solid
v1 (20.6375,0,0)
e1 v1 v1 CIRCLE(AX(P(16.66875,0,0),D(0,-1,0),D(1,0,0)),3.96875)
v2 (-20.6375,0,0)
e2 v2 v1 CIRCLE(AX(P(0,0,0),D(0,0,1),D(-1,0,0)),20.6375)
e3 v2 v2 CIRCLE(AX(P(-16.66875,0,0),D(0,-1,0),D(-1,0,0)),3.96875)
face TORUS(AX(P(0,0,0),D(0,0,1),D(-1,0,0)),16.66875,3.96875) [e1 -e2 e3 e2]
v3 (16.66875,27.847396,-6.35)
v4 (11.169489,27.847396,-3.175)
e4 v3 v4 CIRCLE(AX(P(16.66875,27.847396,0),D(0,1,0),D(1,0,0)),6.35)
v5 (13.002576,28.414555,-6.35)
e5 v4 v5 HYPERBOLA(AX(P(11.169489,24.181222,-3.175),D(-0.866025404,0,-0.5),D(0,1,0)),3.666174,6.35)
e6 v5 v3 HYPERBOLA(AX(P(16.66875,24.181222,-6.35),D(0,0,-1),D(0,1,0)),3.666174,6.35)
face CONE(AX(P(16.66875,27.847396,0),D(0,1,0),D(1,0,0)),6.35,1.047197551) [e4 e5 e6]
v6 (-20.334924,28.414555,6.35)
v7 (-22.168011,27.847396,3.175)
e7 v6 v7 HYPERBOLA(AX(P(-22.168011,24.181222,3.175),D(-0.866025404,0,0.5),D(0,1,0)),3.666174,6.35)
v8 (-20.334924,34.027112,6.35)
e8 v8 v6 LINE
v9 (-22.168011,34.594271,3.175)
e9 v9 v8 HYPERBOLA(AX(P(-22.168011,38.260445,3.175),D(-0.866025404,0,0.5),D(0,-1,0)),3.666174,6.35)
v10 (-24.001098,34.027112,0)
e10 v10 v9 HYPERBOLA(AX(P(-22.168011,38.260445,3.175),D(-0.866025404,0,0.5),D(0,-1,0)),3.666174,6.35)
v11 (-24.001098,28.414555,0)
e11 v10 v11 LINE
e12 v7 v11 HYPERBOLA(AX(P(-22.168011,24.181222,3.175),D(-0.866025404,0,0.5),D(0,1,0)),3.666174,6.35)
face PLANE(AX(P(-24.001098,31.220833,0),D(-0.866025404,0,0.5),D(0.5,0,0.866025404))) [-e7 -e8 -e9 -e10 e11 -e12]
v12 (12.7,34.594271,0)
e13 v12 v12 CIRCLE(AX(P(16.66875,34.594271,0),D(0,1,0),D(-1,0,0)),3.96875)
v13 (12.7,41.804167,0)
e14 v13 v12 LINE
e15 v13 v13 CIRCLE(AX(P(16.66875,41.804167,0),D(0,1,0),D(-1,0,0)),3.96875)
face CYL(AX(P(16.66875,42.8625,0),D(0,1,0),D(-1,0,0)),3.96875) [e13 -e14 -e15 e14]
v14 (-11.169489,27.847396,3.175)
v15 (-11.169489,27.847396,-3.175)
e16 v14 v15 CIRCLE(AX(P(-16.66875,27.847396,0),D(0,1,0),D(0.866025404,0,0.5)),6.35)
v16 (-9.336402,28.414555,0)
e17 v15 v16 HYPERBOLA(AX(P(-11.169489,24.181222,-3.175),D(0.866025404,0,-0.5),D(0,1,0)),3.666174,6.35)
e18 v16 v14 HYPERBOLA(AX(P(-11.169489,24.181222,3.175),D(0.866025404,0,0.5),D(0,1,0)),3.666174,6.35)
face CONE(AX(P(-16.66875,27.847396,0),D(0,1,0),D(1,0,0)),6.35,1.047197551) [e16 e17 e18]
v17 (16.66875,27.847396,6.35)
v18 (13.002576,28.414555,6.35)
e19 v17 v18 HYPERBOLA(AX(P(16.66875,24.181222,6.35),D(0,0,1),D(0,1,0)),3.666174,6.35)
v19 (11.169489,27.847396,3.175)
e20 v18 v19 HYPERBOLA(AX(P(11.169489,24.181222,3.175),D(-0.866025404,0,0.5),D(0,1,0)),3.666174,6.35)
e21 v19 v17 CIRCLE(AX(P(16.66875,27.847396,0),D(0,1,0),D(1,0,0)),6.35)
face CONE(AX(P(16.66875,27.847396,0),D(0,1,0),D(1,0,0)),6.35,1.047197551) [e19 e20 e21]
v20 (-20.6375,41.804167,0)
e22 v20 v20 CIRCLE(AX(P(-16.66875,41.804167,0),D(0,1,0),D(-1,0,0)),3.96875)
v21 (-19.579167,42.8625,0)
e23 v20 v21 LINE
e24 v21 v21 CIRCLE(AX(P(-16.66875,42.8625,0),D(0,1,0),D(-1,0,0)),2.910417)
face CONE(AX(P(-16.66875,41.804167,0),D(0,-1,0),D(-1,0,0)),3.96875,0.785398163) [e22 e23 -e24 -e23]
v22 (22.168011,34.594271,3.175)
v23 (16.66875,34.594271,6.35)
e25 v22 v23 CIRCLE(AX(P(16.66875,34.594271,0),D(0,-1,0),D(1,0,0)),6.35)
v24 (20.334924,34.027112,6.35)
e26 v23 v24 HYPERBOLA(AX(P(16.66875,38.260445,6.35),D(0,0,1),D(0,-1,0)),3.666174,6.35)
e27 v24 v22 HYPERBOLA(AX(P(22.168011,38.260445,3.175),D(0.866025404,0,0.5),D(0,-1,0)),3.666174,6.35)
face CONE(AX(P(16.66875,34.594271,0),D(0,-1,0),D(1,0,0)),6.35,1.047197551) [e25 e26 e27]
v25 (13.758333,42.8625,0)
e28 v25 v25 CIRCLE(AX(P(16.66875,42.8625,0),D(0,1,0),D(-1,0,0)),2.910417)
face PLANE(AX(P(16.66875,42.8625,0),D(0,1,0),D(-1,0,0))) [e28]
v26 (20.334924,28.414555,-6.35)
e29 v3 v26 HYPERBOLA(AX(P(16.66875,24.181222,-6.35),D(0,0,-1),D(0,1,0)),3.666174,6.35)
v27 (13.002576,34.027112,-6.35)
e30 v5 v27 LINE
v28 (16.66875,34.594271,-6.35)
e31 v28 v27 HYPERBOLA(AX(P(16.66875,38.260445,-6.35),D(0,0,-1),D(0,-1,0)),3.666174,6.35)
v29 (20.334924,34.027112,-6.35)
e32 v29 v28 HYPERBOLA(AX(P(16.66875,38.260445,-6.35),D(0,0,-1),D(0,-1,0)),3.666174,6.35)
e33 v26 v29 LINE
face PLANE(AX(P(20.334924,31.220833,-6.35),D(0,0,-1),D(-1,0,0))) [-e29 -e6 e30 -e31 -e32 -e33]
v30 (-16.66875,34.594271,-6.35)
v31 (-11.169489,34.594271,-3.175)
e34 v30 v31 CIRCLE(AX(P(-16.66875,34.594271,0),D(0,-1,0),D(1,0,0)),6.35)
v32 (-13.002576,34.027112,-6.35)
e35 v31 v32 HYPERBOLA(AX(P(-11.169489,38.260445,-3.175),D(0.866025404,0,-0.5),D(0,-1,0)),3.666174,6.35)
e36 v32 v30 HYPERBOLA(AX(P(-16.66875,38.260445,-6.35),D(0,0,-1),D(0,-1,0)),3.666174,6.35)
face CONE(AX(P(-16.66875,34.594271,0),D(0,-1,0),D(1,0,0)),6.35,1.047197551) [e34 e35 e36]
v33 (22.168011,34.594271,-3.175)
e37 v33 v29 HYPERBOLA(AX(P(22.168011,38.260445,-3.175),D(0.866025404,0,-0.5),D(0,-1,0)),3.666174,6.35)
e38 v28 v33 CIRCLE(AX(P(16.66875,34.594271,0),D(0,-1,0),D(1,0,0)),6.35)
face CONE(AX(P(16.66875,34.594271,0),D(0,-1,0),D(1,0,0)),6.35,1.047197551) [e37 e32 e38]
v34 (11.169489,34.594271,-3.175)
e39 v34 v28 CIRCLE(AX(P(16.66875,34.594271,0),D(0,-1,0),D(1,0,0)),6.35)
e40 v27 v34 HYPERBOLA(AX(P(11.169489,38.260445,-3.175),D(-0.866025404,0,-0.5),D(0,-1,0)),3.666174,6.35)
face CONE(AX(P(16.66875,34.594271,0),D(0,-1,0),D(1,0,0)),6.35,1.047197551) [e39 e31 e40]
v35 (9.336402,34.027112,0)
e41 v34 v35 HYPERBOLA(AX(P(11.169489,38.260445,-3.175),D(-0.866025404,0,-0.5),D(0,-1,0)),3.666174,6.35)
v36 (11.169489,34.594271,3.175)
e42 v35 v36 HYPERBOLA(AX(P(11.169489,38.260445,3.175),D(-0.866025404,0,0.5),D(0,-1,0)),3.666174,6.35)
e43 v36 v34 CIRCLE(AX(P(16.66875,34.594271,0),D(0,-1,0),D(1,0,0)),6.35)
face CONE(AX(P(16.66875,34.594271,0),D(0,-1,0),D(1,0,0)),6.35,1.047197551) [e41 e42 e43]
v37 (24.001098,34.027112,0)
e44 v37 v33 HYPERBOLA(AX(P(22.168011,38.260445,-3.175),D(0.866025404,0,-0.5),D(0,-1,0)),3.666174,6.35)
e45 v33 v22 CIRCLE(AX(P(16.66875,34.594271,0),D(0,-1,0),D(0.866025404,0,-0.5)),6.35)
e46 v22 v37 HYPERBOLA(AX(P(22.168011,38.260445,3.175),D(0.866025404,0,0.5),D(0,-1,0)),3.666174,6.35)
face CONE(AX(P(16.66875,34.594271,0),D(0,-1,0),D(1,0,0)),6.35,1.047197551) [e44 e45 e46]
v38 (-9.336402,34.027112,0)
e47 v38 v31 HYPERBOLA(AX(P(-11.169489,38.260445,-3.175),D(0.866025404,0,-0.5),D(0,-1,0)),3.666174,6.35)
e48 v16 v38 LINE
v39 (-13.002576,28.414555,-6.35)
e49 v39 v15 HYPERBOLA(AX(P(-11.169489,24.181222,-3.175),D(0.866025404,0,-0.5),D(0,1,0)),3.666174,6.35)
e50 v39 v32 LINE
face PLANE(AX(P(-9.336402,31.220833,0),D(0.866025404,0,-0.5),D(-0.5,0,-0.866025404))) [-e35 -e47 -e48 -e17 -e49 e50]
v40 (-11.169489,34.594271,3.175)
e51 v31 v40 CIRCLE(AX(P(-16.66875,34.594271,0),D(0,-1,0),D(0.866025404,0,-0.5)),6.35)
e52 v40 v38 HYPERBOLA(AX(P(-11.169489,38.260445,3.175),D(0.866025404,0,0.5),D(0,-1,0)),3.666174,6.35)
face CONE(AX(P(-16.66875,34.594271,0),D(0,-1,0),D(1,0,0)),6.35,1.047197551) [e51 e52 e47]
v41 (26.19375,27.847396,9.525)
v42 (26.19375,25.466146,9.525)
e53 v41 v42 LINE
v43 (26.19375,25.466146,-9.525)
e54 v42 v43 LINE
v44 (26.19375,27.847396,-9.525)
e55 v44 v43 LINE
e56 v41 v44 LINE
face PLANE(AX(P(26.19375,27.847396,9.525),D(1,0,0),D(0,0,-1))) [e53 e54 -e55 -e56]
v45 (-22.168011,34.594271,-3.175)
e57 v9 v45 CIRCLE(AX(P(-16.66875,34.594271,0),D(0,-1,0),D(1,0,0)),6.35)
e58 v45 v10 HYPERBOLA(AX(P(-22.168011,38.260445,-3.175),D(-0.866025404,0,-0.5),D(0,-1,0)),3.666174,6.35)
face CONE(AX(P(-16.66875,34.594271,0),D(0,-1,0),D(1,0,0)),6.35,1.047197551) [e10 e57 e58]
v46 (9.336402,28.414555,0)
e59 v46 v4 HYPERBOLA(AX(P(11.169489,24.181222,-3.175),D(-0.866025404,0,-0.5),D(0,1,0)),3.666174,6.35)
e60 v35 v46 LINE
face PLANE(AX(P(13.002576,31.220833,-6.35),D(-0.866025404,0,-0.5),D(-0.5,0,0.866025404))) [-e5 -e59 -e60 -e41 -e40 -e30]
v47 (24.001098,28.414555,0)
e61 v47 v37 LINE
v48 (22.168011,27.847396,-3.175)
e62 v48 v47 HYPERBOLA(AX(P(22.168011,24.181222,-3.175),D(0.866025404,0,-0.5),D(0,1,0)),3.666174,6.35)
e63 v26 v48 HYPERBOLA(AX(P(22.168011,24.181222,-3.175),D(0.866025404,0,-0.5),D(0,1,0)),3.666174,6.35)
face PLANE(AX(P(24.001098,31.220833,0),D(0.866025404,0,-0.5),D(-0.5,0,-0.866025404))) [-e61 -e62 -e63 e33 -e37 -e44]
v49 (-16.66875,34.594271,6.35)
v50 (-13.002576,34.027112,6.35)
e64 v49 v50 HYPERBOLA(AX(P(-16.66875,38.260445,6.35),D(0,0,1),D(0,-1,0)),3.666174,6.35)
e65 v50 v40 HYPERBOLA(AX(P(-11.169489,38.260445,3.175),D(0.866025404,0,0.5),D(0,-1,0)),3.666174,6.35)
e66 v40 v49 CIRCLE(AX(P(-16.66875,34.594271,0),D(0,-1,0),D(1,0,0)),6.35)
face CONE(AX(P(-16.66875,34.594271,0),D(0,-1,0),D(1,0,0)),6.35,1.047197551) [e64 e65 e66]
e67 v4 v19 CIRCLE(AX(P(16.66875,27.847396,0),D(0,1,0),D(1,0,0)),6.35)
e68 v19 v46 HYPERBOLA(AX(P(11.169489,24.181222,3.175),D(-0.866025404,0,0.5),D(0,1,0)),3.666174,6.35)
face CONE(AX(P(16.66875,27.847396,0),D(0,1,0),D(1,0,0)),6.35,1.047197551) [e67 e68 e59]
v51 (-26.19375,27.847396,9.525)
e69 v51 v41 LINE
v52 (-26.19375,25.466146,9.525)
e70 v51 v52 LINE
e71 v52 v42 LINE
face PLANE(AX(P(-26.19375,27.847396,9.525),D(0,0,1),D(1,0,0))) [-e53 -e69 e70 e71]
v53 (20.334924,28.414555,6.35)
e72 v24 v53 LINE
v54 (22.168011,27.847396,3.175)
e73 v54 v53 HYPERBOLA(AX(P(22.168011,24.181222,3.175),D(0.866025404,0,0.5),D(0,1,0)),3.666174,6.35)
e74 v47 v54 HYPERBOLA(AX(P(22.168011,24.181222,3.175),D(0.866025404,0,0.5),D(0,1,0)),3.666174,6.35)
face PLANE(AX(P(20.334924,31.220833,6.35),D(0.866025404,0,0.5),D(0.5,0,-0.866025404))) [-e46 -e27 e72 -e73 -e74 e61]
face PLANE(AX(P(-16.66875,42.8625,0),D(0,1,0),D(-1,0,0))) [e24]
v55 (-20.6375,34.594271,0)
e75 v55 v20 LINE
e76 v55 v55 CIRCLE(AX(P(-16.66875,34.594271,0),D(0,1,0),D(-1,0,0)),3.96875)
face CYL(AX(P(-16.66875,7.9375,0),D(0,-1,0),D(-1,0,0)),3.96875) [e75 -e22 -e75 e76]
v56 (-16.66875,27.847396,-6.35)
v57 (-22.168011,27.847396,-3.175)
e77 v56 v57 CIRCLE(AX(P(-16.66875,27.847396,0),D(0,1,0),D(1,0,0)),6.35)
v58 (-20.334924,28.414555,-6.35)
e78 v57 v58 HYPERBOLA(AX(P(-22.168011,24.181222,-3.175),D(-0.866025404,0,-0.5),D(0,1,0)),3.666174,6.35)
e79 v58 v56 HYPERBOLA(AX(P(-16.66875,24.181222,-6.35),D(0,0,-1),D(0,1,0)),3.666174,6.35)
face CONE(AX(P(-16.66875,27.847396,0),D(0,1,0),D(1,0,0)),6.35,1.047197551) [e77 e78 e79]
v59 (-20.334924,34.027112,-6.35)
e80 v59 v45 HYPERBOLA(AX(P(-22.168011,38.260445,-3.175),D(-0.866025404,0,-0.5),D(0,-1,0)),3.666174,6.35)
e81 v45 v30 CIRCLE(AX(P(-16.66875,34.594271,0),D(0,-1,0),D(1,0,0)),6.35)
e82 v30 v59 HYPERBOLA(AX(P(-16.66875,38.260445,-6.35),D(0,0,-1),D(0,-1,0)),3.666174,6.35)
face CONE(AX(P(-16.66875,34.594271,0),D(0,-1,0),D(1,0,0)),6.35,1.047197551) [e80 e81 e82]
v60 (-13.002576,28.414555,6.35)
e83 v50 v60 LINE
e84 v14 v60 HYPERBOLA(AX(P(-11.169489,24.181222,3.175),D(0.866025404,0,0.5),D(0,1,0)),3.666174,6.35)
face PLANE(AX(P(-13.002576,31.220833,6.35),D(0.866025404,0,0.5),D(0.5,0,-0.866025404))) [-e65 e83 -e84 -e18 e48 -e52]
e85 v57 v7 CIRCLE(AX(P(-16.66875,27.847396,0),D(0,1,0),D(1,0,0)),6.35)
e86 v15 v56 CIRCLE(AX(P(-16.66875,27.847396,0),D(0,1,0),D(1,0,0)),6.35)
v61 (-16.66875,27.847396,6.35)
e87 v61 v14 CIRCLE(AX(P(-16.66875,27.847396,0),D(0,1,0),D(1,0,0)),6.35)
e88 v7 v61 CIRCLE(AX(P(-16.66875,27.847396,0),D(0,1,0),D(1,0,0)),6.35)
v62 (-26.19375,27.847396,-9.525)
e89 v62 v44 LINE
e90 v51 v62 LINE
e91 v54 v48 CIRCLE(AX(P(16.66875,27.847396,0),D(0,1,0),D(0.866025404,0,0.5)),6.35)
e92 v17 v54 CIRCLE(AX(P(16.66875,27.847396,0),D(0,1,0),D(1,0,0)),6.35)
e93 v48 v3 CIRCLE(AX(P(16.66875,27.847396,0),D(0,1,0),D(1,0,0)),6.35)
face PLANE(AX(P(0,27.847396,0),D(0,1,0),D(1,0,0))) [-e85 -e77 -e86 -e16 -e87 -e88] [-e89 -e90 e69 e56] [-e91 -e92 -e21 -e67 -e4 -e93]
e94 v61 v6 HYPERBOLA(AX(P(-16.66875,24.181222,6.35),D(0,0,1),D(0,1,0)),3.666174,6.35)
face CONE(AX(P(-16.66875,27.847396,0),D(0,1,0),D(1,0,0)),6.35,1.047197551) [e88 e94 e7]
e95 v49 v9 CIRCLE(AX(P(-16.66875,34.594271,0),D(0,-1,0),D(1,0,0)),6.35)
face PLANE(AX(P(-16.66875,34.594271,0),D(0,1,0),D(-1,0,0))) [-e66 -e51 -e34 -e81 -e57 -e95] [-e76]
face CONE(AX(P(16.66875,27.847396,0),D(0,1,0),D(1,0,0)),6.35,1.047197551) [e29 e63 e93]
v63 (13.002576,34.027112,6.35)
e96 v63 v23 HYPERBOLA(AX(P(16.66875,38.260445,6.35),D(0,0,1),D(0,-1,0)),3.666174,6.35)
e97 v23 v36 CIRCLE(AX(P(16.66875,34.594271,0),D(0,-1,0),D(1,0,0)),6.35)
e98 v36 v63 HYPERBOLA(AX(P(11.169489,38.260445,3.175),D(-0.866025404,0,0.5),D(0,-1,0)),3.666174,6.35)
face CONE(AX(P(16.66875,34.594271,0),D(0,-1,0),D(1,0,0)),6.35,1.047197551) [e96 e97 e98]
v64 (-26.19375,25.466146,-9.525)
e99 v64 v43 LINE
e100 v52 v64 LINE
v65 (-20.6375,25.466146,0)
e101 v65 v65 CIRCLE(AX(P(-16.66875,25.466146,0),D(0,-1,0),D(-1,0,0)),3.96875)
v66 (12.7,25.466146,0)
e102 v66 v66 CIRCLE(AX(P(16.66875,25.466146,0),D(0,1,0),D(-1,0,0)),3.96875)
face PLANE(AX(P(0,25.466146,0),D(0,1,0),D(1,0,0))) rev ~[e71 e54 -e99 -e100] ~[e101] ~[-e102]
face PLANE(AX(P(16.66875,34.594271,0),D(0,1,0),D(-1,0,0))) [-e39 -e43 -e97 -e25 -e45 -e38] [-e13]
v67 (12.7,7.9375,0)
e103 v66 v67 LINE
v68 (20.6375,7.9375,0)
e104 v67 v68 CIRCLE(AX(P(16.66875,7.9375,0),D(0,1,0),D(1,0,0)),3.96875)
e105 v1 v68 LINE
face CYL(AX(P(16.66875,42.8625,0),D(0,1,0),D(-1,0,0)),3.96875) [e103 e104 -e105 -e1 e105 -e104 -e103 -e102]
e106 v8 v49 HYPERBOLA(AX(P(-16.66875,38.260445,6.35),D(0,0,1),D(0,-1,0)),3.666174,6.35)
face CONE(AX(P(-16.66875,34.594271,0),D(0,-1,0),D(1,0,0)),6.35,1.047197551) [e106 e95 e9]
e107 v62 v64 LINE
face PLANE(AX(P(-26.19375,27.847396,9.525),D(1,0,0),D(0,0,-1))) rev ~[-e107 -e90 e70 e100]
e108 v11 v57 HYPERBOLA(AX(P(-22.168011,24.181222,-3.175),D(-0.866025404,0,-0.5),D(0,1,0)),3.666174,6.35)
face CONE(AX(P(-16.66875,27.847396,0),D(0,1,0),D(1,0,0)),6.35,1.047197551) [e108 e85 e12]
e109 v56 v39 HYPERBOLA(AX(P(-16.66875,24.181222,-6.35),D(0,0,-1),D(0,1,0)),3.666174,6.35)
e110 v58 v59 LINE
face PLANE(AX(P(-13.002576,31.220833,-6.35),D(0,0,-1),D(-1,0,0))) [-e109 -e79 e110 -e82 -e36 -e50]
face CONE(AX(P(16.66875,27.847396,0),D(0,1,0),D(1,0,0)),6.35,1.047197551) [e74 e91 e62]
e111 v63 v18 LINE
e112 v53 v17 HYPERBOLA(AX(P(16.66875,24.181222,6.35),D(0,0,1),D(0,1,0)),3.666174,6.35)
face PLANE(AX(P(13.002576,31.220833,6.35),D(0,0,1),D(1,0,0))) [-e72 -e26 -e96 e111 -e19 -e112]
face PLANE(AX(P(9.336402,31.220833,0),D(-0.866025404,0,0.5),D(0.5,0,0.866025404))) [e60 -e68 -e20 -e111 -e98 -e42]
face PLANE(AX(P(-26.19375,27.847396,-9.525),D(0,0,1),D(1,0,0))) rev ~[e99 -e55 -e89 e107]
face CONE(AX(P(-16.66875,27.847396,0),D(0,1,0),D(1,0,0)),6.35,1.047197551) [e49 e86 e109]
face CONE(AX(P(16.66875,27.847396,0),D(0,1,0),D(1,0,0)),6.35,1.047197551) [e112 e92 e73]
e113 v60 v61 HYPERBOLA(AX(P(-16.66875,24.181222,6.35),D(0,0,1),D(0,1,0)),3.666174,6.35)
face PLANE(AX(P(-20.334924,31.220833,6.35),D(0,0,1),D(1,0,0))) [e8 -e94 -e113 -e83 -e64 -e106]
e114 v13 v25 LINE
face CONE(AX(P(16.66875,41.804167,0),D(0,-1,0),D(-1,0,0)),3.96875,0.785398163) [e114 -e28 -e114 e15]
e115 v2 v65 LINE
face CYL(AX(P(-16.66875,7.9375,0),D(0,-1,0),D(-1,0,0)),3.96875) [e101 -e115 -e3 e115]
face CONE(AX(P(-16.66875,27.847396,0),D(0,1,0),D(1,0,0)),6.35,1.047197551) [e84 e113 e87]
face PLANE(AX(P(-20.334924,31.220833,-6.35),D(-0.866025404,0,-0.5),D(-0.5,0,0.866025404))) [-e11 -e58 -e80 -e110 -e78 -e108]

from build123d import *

# Parameters (mm, degrees)
SKETCH2_R           = 3.96875
BOSS_EXTRUDE1_DEPTH = 34.925
CHAMFER2_SIZE       = 1.058333333
SKETCH7_R           = 3.96875
SKETCH9_R           = 3.96875
BOSS_EXTRUDE2_DEPTH = 3.3734375
SKETCH10_OUTSIDE_W  = 257.161
SKETCH10_OUTSIDE_H  = 225.222
SKETCH10_OUTSIDE_R  = 6.35
CUT_EXTRUDE1_DEPTH  = 56.231770933
CUT_EXTRUDE1_TAPER  = 60
SKETCH11_OUTSIDE_W  = 117.847
SKETCH11_OUTSIDE_H  = 85.908
SKETCH11_OUTSIDE_R  = 6.35
CUT_EXTRUDE2_DEPTH  = 16.015104167
CUT_EXTRUDE2_TAPER  = 60
SKETCH12_W          = 52.3875
SKETCH12_H          = 19.05
BOSS_EXTRUDE3_DEPTH = 2.38125


with BuildPart() as part:
    # Sketch2 → Boss-Extrude1 (new body)
    with BuildSketch(Plane(origin=(0, 42.8625, 0), x_dir=(-1, 0, 0), z_dir=(0, 1, 0))):
        with Locations((16.66875, 0)):
            Circle(SKETCH2_R)
    extrude(amount=-BOSS_EXTRUDE1_DEPTH)

    # Chamfer2
    chamfer2_edges = [part.edges().sort_by_distance(p)[0] for p in [
        (-12.7, 42.8625, 0),
    ]]
    chamfer(chamfer2_edges, length=CHAMFER2_SIZE)


with BuildPart() as body_2:
    # Sweep1: sweep along a path in Sketch8
    with BuildLine(Plane.XY) as sweep1_path:
        Line((-16.66875, 7.9375), (-16.66875, 0))
        ThreePointArc((-16.66875, 0), (0, -16.66875), (16.66875, 0))
        Line((16.66875, 0), (16.66875, 7.9375))
    # Sketch7 → Sweep1 (sweep)
    with BuildSketch(Plane(origin=(0, 7.9375, 0), x_dir=(-1, 0, 0), z_dir=(0, 1, 0))):
        with Locations((16.66875, 0)):
            Circle(SKETCH7_R)
    sweep(path=sweep1_path.line)


with BuildPart() as body_3:
    # Body-Move/Copy1: copy of part
    add(part.part.moved(Location((33.3375, 0, 0))))


with BuildPart() as part_1:
    add(part.part)

    # Combine1: union body 2, body 3
    add(body_2.part)
    add(body_3.part)



with BuildPart() as body_2_2:
    # Sketch9 → Boss-Extrude2 (new body, symmetric)
    with BuildSketch(Plane(origin=(0, 31.220833333, 0), x_dir=(-1, 0, 0), z_dir=(0, 1, 0))):
        Polygon((-20.334924209, 6.35), (-24.001098419, 0), (-20.334924209, -6.35), (-13.002575791, -6.35), (-9.336401581, 0), (-13.002575791, 6.35), align=None)
        with Locations((-16.66875, 0)):
            Circle(SKETCH9_R, mode=Mode.SUBTRACT)
    extrude(amount=BOSS_EXTRUDE2_DEPTH, both=True)

    # Sketch10 outside → Cut-Extrude1 (cut, through all)
    with BuildSketch(Plane(origin=(0, 34.594270833, 0), x_dir=(1, 0, 0), z_dir=(0, 1, 0))):
        with Locations((1.6815, 0)):
            Rectangle(SKETCH10_OUTSIDE_W, SKETCH10_OUTSIDE_H)
        with Locations((16.66875, 0)):
            Circle(SKETCH10_OUTSIDE_R, mode=Mode.SUBTRACT)
    extrude(amount=-CUT_EXTRUDE1_DEPTH, taper=CUT_EXTRUDE1_TAPER, mode=Mode.SUBTRACT)

    # Sketch11 outside → Cut-Extrude2 (cut, through all)
    with BuildSketch(Plane.XZ.offset(-27.847395833)):
        with Locations((1.6815, 0)):
            Rectangle(SKETCH11_OUTSIDE_W, SKETCH11_OUTSIDE_H)
        with Locations((16.66875, 0)):
            Circle(SKETCH11_OUTSIDE_R, mode=Mode.SUBTRACT)
    extrude(amount=-CUT_EXTRUDE2_DEPTH, taper=CUT_EXTRUDE2_TAPER, mode=Mode.SUBTRACT)


with BuildPart() as body_3_2:
    # Body-Move/Copy2: copy of body 2 2
    add(body_2_2.part.moved(Location((-33.3375, 0, 0))))


with BuildPart() as part_2:
    add(part_1.part)

    add(body_2_2.part)  # Boss-Extrude3 merges body 2 2

    add(body_3_2.part)  # Boss-Extrude3 merges body 3 2
    # Sketch12 → Boss-Extrude3 (add)
    with BuildSketch(Plane(origin=(0, 27.847395833, 0), x_dir=(1, 0, 0), z_dir=(0, 1, 0))):
        Rectangle(SKETCH12_W, SKETCH12_H)
    extrude(amount=-BOSS_EXTRUDE3_DEPTH)


solid = part_2.part
